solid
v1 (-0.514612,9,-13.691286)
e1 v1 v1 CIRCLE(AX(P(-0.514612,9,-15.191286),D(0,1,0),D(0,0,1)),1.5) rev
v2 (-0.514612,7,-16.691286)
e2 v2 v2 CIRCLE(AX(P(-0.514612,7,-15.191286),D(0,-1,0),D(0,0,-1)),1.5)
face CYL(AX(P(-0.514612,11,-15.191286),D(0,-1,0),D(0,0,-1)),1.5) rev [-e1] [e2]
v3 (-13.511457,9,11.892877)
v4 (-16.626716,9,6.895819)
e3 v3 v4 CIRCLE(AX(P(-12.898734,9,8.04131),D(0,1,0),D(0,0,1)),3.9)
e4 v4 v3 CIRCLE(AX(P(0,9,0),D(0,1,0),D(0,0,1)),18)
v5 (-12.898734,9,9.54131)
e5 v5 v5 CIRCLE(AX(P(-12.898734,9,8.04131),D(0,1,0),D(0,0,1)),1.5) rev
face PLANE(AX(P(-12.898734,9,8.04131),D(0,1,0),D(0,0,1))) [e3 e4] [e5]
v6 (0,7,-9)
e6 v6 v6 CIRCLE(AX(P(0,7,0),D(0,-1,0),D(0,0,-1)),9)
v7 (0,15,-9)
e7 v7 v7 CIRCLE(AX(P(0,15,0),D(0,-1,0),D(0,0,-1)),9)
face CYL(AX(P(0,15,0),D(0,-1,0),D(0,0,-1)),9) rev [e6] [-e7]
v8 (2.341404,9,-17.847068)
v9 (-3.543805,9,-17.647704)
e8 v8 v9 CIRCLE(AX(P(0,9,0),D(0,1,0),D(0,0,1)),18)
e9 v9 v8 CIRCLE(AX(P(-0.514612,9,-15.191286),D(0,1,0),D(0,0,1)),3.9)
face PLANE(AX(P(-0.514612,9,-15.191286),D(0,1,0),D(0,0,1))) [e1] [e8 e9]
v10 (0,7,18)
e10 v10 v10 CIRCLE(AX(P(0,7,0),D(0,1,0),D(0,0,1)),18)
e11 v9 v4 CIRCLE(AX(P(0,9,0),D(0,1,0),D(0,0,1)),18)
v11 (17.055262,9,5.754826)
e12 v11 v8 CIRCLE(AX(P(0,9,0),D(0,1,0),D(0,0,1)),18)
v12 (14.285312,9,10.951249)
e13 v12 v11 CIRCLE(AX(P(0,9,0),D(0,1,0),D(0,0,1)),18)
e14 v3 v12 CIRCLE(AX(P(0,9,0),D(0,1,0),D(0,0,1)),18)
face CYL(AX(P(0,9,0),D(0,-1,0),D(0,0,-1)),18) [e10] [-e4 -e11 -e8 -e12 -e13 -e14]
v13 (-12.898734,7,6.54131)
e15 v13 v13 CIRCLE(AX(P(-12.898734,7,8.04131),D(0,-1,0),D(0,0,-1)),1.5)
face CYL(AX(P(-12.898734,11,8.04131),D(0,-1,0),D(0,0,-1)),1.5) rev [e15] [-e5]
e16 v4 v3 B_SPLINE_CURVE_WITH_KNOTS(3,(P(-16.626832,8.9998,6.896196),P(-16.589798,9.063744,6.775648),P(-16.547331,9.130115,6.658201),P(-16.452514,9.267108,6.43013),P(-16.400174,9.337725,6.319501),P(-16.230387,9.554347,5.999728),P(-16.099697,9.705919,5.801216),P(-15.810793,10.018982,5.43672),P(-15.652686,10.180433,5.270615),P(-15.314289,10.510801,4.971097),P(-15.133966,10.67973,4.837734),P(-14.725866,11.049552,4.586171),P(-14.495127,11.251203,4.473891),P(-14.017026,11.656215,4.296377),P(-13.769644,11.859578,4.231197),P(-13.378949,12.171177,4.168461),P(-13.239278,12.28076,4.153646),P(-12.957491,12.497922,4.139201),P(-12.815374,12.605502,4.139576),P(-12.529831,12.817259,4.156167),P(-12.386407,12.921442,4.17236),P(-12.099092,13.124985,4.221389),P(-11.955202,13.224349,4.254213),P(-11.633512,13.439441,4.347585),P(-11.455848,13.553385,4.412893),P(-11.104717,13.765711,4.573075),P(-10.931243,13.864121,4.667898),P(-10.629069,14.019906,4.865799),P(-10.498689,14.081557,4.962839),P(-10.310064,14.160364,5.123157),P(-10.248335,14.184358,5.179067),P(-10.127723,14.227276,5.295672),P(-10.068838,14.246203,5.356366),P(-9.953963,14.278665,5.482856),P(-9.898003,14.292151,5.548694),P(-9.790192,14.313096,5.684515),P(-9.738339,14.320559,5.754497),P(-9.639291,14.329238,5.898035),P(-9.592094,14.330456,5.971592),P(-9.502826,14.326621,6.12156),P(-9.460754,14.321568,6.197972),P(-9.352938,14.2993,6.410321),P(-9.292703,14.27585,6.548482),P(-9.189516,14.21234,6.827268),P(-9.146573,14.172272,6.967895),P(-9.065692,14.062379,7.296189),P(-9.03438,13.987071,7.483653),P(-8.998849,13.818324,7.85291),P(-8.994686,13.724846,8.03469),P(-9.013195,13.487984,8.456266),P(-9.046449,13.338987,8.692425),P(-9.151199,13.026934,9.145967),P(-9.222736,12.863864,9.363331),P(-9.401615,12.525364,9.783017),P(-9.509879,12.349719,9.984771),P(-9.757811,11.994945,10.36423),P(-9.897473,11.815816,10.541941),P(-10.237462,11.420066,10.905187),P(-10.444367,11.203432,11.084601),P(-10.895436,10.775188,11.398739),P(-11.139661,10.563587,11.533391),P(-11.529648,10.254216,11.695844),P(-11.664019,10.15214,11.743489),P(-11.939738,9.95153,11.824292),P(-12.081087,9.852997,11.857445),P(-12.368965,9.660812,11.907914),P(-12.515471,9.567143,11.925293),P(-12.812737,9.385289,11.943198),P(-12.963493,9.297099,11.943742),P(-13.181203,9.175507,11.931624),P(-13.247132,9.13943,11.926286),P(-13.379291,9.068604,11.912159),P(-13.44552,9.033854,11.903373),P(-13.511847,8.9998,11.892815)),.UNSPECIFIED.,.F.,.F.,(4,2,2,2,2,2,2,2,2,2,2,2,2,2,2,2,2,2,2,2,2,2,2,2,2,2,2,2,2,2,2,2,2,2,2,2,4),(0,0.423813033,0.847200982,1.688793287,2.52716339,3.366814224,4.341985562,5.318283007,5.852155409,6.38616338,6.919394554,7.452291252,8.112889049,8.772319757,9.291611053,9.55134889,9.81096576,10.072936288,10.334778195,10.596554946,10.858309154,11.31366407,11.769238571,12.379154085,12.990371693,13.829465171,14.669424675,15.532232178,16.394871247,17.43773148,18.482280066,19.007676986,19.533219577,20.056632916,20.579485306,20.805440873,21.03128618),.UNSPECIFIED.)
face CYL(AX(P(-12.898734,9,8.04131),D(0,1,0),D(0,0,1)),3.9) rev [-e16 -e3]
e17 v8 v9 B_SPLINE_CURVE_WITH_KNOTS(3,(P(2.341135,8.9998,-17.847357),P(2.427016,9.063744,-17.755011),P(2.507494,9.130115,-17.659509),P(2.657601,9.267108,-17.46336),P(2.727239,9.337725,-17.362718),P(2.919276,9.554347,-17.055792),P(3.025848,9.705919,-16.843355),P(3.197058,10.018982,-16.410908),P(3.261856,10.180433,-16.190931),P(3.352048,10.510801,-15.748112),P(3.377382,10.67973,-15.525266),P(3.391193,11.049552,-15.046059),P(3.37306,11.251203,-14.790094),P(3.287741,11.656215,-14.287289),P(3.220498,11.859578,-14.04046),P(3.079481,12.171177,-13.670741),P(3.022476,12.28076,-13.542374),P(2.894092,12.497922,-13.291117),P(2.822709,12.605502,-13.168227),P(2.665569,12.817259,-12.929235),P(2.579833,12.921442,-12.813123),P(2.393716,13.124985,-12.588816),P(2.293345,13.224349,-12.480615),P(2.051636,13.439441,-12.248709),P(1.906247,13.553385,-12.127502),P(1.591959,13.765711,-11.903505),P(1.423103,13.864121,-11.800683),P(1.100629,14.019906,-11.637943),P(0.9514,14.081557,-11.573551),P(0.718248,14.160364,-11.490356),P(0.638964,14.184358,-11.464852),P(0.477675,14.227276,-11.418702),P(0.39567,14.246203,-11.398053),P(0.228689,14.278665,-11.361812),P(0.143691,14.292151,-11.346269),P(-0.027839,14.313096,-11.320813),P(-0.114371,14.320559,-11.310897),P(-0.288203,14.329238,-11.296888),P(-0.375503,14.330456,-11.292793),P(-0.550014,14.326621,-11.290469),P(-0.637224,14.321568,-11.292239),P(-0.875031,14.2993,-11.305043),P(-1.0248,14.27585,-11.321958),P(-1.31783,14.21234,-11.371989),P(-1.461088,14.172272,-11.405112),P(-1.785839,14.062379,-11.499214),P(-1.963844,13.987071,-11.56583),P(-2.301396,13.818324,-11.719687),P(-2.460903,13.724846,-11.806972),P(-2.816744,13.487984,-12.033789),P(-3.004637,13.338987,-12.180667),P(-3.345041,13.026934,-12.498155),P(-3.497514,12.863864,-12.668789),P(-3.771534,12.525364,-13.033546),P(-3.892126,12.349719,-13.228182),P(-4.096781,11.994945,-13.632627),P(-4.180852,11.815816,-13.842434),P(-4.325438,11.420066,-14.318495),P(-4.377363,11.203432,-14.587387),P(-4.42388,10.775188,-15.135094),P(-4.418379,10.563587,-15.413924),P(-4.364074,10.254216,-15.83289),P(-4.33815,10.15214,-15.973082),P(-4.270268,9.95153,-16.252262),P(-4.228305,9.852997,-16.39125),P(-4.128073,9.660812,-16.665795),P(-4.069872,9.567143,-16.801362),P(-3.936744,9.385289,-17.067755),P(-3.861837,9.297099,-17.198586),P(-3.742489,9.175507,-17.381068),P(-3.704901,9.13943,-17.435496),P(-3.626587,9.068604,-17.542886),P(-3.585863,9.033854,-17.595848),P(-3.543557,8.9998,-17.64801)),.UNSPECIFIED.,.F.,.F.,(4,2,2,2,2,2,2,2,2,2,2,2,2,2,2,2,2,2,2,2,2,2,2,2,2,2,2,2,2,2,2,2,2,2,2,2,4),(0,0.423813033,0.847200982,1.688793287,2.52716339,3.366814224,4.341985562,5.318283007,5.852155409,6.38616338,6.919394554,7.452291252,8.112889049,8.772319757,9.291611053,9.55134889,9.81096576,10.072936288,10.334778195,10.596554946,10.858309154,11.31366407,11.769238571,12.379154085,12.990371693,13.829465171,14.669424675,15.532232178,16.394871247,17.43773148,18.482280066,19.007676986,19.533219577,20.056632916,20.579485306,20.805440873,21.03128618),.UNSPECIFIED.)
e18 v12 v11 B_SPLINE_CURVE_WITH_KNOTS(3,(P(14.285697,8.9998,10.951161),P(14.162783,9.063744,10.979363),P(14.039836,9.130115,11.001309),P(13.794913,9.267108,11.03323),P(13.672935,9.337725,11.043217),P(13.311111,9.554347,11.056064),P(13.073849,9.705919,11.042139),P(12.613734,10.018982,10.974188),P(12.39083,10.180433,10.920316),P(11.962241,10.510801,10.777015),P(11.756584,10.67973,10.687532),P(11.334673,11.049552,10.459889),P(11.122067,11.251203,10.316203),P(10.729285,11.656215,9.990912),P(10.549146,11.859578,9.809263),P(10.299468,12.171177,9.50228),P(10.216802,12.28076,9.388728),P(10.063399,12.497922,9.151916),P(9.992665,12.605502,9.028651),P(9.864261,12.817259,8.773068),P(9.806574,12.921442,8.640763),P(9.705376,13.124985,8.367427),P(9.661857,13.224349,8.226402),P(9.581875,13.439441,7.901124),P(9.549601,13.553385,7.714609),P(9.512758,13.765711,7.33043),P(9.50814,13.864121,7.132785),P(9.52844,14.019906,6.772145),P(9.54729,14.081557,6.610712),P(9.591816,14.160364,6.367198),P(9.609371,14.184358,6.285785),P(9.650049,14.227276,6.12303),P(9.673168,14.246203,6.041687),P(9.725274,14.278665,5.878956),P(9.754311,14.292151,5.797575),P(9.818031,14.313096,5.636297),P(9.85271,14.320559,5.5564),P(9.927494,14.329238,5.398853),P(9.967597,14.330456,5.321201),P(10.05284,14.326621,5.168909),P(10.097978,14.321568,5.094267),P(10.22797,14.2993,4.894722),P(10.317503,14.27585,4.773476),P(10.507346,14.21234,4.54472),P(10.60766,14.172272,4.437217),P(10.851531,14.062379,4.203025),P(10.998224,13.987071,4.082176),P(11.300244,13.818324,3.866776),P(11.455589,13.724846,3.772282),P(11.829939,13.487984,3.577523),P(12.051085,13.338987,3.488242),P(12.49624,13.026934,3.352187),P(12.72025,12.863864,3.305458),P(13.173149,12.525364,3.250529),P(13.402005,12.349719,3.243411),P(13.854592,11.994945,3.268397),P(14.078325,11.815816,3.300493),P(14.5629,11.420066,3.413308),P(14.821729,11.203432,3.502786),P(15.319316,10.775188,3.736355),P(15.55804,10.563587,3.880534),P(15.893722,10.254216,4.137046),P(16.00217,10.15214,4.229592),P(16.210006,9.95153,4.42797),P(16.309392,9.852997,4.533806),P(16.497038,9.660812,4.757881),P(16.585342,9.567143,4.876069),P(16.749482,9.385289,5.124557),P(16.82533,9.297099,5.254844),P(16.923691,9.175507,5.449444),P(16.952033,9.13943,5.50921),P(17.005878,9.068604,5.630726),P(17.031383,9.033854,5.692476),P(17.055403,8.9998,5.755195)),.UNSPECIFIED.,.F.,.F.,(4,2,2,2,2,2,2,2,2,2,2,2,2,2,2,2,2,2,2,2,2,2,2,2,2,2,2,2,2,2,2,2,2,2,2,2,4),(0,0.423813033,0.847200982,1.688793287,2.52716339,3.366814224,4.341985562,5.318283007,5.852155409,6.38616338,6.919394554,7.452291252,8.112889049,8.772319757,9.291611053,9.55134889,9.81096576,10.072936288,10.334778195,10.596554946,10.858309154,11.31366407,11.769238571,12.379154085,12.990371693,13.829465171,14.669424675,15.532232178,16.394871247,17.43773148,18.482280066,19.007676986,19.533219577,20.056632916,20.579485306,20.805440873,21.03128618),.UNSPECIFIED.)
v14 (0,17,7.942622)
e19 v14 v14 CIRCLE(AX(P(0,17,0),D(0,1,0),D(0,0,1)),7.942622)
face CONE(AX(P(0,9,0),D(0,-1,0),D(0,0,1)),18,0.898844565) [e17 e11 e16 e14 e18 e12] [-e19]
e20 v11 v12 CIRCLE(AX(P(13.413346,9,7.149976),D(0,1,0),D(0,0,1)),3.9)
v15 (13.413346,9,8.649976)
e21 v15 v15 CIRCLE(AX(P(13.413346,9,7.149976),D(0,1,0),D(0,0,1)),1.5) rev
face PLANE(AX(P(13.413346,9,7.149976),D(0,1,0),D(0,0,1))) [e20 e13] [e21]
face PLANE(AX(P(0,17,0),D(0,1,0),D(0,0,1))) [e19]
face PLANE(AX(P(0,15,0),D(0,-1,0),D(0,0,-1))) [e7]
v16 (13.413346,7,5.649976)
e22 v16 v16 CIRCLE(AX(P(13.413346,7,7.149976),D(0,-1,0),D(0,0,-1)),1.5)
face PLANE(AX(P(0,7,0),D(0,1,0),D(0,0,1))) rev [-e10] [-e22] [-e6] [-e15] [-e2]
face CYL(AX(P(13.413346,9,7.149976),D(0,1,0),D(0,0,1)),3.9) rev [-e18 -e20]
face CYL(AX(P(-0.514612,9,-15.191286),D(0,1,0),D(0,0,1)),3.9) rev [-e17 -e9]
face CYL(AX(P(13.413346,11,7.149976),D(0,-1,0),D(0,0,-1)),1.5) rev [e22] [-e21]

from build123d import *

# Parameters (mm, degrees)
ESQUISSE1_R             = 10.85
ESQUISSE1_R_2           = 9
BOSS_EXTRU_1_DEPTH      = 7
ESQUISSE2_R             = 18
BOSS_EXTRU_2_DEPTH      = 2
ESQUISSE4_R             = 18
BOSS_EXTRU_3_DEPTH      = 8
BOSS_EXTRU_3_TAPER      = 51.5
ESQUISSE5_R             = 1.5
ENL_V_MAT_EXTRU_1_DEPTH = 4
ESQUISSE6_R             = 3.9
ENL_V_MAT_EXTRU_2_DEPTH = 8
ESQUISSE9_R             = 10.85
ENL_V_MAT_EXTRU_4_DEPTH = 7
ESQUISSE10_R            = 9
ENL_V_MAT_EXTRU_5_DEPTH = 8


with BuildPart() as part:
    # Esquisse1 → Boss.-Extru.1 (new body)
    with BuildSketch(Plane(origin=(0, 0, 0), x_dir=(1, 0, 0), z_dir=(0, 1, 0))):
        with Locations(Location((0, 0, 0), (0, 0, 270))):
            Circle(ESQUISSE1_R)
        with Locations(Location((0, 0, 0), (0, 0, 270))):
            Circle(ESQUISSE1_R_2, mode=Mode.SUBTRACT)
    extrude(amount=BOSS_EXTRU_1_DEPTH)

    # Esquisse2 → Boss.-Extru.2 (add)
    with BuildSketch(Plane(origin=(0, 7, 0), x_dir=(1, 0, 0), z_dir=(0, 1, 0))):
        with Locations(Location((0, 0, 0), (0, 0, 270))):
            Circle(ESQUISSE2_R)
    extrude(amount=BOSS_EXTRU_2_DEPTH)

    # Esquisse4 → Boss.-Extru.3 (add)
    with BuildSketch(Plane(origin=(0, 9, 0), x_dir=(1, 0, 0), z_dir=(0, 1, 0))):
        with Locations(Location((0, 0, 0), (0, 0, 270))):
            Circle(ESQUISSE4_R)
    extrude(amount=BOSS_EXTRU_3_DEPTH, taper=BOSS_EXTRU_3_TAPER)

    # Esquisse5 → Enlèv. mat.-Extru.1 (cut)
    with BuildSketch(Plane.XZ.offset(-7)):
        with Locations(Location((-12.898733794, 8.041309999, 0), (0, 0, 270))):
            Circle(ESQUISSE5_R)
        with Locations(Location((13.413345636, 7.149976143, 0), (0, 0, 270))):
            Circle(ESQUISSE5_R)
        with Locations(Location((-0.514611842, -15.191286142, 0), (0, 0, 270))):
            Circle(ESQUISSE5_R)
    extrude(amount=-ENL_V_MAT_EXTRU_1_DEPTH, mode=Mode.SUBTRACT)

    # Esquisse6 → Enlèv. mat.-Extru.2 (cut)
    with BuildSketch(Plane(origin=(0, 17, 0), x_dir=(1, 0, 0), z_dir=(0, 1, 0))):
        with Locations((-0.514611842, 15.191286142)):
            Circle(ESQUISSE6_R)
        with Locations((13.413345636, -7.149976143)):
            Circle(ESQUISSE6_R)
        with Locations((-12.898733794, -8.041309999)):
            Circle(ESQUISSE6_R)
    extrude(amount=-ENL_V_MAT_EXTRU_2_DEPTH, mode=Mode.SUBTRACT)

    # Esquisse9 → Enlèv. mat.-Extru.4 (cut)
    with BuildSketch(Plane.XZ):
        Circle(ESQUISSE9_R)
    extrude(amount=-ENL_V_MAT_EXTRU_4_DEPTH, mode=Mode.SUBTRACT)

    # Esquisse10 → Enlèv. mat.-Extru.5 (cut)
    with BuildSketch(Plane.XZ.offset(-7)):
        with Locations(Location((0, 0, 0), (0, 0, 270))):
            Circle(ESQUISSE10_R)
    extrude(amount=-ENL_V_MAT_EXTRU_5_DEPTH, mode=Mode.SUBTRACT)


solid = part.part
